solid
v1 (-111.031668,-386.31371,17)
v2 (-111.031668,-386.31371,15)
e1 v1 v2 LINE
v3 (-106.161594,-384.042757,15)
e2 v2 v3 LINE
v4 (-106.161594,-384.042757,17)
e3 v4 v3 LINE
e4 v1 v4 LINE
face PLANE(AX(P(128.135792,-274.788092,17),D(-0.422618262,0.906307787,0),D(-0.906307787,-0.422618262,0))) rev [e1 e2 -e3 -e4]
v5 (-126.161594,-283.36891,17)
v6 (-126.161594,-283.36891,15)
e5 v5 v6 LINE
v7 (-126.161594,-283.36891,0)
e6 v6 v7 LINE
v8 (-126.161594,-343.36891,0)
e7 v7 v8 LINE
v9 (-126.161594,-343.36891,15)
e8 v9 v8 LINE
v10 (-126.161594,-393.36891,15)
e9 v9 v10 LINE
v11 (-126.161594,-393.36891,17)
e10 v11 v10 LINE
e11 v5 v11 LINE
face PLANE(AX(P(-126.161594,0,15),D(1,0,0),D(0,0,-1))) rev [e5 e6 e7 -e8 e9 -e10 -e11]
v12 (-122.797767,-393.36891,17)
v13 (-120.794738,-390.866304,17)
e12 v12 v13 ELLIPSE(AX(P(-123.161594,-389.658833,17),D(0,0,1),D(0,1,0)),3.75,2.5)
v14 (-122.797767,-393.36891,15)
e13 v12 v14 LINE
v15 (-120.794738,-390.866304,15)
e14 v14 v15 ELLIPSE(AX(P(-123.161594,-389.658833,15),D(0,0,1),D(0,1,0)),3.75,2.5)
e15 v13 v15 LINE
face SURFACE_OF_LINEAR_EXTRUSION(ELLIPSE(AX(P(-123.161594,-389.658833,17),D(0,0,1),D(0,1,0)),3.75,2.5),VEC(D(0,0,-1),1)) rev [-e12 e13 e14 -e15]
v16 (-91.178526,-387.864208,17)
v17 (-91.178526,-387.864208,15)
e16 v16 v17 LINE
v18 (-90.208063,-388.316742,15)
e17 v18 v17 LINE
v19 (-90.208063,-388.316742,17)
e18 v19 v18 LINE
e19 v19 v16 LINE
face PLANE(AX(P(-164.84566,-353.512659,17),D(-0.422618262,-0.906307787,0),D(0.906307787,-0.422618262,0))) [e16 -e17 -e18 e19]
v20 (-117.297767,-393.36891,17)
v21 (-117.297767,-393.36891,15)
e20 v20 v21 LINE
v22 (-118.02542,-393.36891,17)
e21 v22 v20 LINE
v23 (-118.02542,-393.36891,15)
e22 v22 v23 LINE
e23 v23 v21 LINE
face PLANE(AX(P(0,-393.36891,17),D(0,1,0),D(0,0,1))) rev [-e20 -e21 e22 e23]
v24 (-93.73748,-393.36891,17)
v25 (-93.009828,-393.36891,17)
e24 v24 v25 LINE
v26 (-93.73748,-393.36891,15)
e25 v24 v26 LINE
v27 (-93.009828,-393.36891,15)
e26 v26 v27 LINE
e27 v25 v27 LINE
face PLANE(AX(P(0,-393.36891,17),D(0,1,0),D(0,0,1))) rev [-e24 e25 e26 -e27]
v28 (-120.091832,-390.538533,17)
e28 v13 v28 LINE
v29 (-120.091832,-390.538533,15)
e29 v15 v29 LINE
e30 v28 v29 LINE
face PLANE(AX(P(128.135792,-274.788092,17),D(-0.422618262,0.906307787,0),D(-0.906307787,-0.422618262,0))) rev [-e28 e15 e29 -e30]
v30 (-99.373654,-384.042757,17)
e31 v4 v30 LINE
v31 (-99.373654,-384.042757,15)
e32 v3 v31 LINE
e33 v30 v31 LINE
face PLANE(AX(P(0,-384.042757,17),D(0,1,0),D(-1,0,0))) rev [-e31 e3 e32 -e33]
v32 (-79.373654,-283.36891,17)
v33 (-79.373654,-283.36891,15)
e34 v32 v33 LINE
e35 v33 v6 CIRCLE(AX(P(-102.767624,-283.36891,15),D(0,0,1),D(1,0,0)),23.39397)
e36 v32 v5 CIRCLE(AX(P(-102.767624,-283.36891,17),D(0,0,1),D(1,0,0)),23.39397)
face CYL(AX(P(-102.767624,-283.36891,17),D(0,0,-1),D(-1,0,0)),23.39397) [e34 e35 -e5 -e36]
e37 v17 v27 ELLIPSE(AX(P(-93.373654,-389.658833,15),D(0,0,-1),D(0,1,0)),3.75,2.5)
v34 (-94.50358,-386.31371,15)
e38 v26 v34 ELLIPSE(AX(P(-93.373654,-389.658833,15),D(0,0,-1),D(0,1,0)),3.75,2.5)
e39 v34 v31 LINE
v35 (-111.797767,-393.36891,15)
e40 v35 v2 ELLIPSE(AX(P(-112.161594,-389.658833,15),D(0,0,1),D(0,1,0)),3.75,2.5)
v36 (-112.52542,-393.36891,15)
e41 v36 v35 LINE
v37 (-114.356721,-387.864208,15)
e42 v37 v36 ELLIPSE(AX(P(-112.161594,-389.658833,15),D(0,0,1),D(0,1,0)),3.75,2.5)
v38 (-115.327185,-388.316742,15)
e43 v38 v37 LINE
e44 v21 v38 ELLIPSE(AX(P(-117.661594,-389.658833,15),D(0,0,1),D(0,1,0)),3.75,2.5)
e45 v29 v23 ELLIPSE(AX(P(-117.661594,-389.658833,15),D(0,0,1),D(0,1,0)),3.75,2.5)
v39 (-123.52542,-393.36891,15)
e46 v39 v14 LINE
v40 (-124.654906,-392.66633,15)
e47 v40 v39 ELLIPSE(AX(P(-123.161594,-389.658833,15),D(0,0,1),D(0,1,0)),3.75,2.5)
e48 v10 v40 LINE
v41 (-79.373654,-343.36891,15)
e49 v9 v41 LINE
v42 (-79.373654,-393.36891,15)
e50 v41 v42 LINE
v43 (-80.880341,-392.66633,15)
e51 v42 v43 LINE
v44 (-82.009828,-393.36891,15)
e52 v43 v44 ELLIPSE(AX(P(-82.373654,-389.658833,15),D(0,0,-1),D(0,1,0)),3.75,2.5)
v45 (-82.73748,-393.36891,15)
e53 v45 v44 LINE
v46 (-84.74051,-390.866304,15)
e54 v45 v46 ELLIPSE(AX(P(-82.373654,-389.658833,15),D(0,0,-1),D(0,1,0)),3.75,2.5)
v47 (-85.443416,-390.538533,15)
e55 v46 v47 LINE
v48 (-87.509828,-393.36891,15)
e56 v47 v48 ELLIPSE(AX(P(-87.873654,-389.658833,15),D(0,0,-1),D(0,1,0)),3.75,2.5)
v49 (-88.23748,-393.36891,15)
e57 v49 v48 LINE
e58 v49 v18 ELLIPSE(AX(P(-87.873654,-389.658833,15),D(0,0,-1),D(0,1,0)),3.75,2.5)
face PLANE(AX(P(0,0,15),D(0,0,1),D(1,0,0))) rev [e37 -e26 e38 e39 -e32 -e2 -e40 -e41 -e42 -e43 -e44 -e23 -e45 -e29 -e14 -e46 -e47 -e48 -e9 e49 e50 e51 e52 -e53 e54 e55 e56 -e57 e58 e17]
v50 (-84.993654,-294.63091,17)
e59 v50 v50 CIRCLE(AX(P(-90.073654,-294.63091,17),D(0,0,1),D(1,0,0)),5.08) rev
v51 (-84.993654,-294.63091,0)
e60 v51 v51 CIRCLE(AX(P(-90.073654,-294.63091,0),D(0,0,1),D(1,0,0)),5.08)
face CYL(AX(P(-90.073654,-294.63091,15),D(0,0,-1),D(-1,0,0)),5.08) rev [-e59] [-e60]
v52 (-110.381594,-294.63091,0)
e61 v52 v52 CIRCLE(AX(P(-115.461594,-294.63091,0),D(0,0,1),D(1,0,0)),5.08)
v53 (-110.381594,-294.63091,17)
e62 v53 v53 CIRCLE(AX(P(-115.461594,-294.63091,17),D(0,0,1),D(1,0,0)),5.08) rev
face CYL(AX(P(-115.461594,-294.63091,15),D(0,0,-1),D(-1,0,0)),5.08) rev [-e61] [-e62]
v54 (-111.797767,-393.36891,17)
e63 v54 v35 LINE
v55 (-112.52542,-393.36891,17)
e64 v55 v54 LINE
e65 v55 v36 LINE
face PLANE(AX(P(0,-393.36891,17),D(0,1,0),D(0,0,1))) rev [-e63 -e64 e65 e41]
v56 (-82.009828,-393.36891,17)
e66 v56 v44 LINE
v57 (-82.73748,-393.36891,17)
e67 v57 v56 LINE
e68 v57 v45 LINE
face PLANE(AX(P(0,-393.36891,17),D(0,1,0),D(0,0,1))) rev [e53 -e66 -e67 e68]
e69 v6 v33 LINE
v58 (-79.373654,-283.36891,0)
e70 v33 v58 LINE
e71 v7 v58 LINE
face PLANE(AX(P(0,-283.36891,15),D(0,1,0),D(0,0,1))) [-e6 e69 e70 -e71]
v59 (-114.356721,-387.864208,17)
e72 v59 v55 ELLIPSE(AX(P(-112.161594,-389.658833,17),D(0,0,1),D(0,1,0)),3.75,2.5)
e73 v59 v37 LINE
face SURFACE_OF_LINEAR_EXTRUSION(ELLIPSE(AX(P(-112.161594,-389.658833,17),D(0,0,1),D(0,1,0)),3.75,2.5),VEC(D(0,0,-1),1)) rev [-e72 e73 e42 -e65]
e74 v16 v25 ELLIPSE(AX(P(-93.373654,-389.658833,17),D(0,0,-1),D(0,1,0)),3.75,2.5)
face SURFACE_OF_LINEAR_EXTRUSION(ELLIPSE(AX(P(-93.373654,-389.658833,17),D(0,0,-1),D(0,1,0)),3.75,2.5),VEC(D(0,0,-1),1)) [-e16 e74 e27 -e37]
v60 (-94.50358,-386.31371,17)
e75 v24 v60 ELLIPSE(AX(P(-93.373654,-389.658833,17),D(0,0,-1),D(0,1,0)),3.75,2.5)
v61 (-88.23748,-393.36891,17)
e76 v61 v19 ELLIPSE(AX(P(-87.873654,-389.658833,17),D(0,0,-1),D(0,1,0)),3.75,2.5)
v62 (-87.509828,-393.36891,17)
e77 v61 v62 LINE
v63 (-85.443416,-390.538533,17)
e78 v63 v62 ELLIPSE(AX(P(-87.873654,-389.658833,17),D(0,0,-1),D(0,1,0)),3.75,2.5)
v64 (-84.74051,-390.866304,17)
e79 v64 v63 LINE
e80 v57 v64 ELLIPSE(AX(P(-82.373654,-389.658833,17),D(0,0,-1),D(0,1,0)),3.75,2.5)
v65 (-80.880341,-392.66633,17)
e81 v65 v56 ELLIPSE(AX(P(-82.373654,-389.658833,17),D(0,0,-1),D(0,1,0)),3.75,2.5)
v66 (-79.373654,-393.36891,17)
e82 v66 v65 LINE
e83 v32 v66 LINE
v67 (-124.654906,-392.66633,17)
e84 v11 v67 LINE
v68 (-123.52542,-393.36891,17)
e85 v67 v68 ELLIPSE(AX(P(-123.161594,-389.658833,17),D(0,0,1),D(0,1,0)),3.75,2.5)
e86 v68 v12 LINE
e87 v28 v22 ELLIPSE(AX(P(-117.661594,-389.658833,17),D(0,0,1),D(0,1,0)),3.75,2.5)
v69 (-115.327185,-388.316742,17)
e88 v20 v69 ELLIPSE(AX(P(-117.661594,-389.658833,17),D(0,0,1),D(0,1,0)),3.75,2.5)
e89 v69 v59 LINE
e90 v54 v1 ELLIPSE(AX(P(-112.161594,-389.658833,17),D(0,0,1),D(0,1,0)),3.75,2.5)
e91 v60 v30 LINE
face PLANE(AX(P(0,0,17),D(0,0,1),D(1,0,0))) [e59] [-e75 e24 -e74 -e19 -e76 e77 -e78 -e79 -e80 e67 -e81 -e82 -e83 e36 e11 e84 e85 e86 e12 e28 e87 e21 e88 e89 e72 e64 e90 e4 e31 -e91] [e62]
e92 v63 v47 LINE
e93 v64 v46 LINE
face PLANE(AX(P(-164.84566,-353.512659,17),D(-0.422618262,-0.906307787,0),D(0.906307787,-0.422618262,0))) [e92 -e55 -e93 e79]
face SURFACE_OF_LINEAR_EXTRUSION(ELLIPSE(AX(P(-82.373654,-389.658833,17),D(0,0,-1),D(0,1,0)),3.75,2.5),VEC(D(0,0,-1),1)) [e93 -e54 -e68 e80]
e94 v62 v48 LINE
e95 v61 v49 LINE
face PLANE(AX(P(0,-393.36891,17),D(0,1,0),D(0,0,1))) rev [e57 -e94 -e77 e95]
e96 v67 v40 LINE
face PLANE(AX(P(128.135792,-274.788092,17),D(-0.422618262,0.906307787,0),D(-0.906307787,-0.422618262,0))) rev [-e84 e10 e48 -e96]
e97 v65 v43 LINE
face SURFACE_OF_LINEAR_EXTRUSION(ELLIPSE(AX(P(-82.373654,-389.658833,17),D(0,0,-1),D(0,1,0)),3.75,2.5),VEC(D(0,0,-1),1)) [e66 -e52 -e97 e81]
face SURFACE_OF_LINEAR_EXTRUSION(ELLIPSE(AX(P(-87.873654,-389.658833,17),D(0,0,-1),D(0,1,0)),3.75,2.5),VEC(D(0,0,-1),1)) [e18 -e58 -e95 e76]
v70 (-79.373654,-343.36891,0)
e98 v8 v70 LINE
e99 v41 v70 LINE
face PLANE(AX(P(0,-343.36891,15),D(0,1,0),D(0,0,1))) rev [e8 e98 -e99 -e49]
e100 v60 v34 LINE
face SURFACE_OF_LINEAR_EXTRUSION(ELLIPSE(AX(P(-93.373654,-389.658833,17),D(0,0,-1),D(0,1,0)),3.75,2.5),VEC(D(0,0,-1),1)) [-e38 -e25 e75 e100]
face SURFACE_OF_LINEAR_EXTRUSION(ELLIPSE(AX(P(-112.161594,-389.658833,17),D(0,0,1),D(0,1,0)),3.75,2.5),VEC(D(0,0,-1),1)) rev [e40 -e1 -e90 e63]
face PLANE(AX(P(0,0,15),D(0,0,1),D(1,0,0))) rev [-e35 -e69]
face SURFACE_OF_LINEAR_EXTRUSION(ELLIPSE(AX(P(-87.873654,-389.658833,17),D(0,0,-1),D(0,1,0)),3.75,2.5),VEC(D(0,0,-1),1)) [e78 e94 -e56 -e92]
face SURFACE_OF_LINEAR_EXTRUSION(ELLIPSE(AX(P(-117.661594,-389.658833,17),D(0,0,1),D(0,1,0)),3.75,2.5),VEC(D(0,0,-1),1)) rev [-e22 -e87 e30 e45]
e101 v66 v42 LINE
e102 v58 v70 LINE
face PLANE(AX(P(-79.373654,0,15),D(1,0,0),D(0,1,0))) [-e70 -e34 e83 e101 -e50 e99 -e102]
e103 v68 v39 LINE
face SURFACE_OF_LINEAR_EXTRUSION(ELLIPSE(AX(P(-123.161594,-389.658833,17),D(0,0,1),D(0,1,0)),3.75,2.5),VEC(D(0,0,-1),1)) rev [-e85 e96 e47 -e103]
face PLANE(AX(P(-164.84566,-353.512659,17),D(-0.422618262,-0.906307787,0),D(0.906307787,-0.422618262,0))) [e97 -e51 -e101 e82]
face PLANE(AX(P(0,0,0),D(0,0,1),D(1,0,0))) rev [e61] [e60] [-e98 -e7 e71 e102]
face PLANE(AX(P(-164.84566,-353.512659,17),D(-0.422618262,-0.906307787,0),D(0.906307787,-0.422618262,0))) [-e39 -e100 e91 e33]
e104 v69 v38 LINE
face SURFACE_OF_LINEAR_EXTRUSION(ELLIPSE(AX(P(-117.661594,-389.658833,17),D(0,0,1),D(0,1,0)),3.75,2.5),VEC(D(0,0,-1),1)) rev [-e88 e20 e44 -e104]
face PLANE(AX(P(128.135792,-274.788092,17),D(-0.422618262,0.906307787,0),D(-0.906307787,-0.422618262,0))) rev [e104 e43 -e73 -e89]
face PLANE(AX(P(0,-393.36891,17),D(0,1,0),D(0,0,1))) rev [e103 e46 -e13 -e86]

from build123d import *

# Parameters (mm, degrees)
SKETCH1_W           = 46.787939469
SKETCH1_H           = 60
SKETCH1_R           = 5.08
BOSS_EXTRUDE1_DEPTH = 15
SKETCH2_W           = 46.787939469
SKETCH2_H           = 60
SKETCH2_R           = 5.08
BOSS_EXTRUDE2_DEPTH = 2


with BuildPart() as part:
    # Sketch1 → Boss-Extrude1 (new body)
    with BuildSketch(Plane.XY):
        with Locations((-102.767623853, -313.368909969)):
            Rectangle(SKETCH1_W, SKETCH1_H)
        with Locations((-90.073654119, -294.630909969)):
            Circle(SKETCH1_R, mode=Mode.SUBTRACT)
        with Locations((-115.461593588, -294.630909969)):
            Circle(SKETCH1_R, mode=Mode.SUBTRACT)
    extrude(amount=BOSS_EXTRUDE1_DEPTH)

    # Sketch2 → Boss-Extrude2 (add)
    with BuildSketch(Plane.XY.offset(15)):
        with BuildLine():
            Line((-79.373654119, -343.368909969), (-102.767623854, -343.368909969))
            Line((-102.767623854, -343.368909969), (-102.767623854, -384.042756806))
            Line((-102.767623854, -384.042756806), (-99.373654119, -384.042756806))
            Line((-99.373654119, -384.042756806), (-94.503579918, -386.313709702))
            add(Edge.make_bspline(
                [(-94.503579918, -386.313709702), (-100.00398624, -390.494082743), (-94.115799531, -393.239789298), (-93.929989905, -393.32643375), (-93.73748043, -393.368909969)],
                knots=[0.468972903, 0.468972903, 0.468972903, 2.84019184, 2.84019184, 3.029420352, 3.029420352, 3.029420352], degree=2, weights=[1, 0.37573231, 1, 0.950182059, 0.908315281]))
            Line((-93.73748043, -393.368909969), (-93.009827808, -393.368909969))
            add(Edge.make_bspline(
                [(-93.009827808, -393.368909969), (-89.462741956, -392.586263836), (-91.178526324, -387.864207656)],
                knots=[3.345008297, 3.345008297, 3.345008297, 5.211410777, 5.211410777, 5.211410777], degree=2, weights=[0.790783298, 0.508634675, 1]))
            Line((-91.178526324, -387.864207656), (-90.208062599, -388.316742323))
            add(Edge.make_bspline(
                [(-90.208062599, -388.316742323), (-91.162547167, -392.052221372), (-88.615799531, -393.239789298), (-88.429989905, -393.32643375), (-88.23748043, -393.368909969)],
                knots=[1.204788076, 1.204788076, 1.204788076, 2.84019184, 2.84019184, 3.008967996, 3.008967996, 3.008967996], degree=2, weights=[1, 0.683899664, 1, 0.967377965, 0.941489216]))
            Line((-88.23748043, -393.368909969), (-87.509827808, -393.368909969))
            add(Edge.make_bspline(
                [(-87.509827808, -393.368909969), (-85.839475159, -393.000355303), (-85.443416113, -390.538533468)],
                knots=[3.304458938, 3.304458938, 3.304458938, 4.475595603, 4.475595603, 4.475595603], degree=2, weights=[0.871477119, 0.773635905, 1]))
            Line((-85.443416113, -390.538533468), (-84.740509949, -390.866303995))
            add(Edge.make_bspline(
                [(-84.740509949, -390.866303995), (-84.248679529, -393.03547171), (-82.73748043, -393.368909969)],
                knots=[1.898629299, 1.898629299, 1.898629299, 2.984182814, 2.984182814, 2.984182814], degree=2, weights=[1, 0.762799808, 0.799074283]))
            Line((-82.73748043, -393.368909969), (-82.009827808, -393.368909969))
            add(Edge.make_bspline(
                [(-82.009827808, -393.368909969), (-81.386018968, -393.231269777), (-80.880341234, -392.666330229)],
                knots=[3.261132643, 3.261132643, 3.261132643, 3.781754381, 3.781754381, 3.781754381], degree=2, weights=[0.83538307, 0.886240914, 1]))
            Line((-80.880341234, -392.666330229), (-79.373654119, -393.368909969))
            Line((-79.373654119, -393.368909969), (-79.373654119, -343.368909969))
        make_face()
        with BuildLine():
            Line((-126.161593588, -343.368909969), (-126.161593588, -393.368909969))
            Line((-126.161593588, -393.368909969), (-124.654906474, -392.666330229))
            add(Edge.make_bspline(
                [(-124.654906474, -392.666330229), (-124.14922874, -393.231269777), (-123.525419899, -393.368909969)],
                knots=[2.501430927, 2.501430927, 2.501430927, 3.022052664, 3.022052664, 3.022052664], degree=2, weights=[1, 0.886240914, 0.83538307]))
            Line((-123.525419899, -393.368909969), (-122.797767278, -393.368909969))
            add(Edge.make_bspline(
                [(-122.797767278, -393.368909969), (-121.286568178, -393.03547171), (-120.794737759, -390.866303995)],
                knots=[3.299002493, 3.299002493, 3.299002493, 4.384556008, 4.384556008, 4.384556008], degree=2, weights=[0.799074283, 0.762799808, 1]))
            Line((-120.794737759, -390.866303995), (-120.091831594, -390.538533468))
            add(Edge.make_bspline(
                [(-120.091831594, -390.538533468), (-119.695772548, -393.000355303), (-118.025419899, -393.368909969)],
                knots=[1.807589704, 1.807589704, 1.807589704, 2.97872637, 2.97872637, 2.97872637], degree=2, weights=[1, 0.773635905, 0.871477119]))
            Line((-118.025419899, -393.368909969), (-117.297767278, -393.368909969))
            add(Edge.make_bspline(
                [(-117.297767278, -393.368909969), (-117.105257803, -393.32643375), (-116.919448176, -393.239789298), (-114.37270054, -392.052221372), (-115.327185108, -388.316742323)],
                knots=[3.274217312, 3.274217312, 3.274217312, 3.442993467, 3.442993467, 5.078397231, 5.078397231, 5.078397231], degree=2, weights=[0.941489216, 0.967377965, 1, 0.683899664, 1]))
            Line((-115.327185108, -388.316742323), (-114.356721383, -387.864207656))
            add(Edge.make_bspline(
                [(-114.356721383, -387.864207656), (-116.072505751, -392.586263836), (-112.525419899, -393.368909969)],
                knots=[1.071774531, 1.071774531, 1.071774531, 2.93817701, 2.93817701, 2.93817701], degree=2, weights=[1, 0.508634675, 0.790783298]))
            Line((-112.525419899, -393.368909969), (-111.797767278, -393.368909969))
            add(Edge.make_bspline(
                [(-111.797767278, -393.368909969), (-111.605257803, -393.32643375), (-111.419448176, -393.239789298), (-105.531261468, -390.494082743), (-111.031667789, -386.313709702)],
                knots=[3.253764955, 3.253764955, 3.253764955, 3.442993467, 3.442993467, 5.814212404, 5.814212404, 5.814212404], degree=2, weights=[0.908315281, 0.950182059, 1, 0.37573231, 1]))
            Line((-111.031667789, -386.313709702), (-106.161593588, -384.042756806))
            Line((-106.161593588, -384.042756806), (-102.767623854, -384.042756806))
            Line((-102.767623854, -384.042756806), (-102.767623854, -343.368909969))
            Line((-102.767623854, -343.368909969), (-126.161593588, -343.368909969))
        make_face()
        with Locations((-102.767623853, -313.368909969)):
            Rectangle(SKETCH2_W, SKETCH2_H)
        with Locations((-115.461593588, -294.630909969)):
            Circle(SKETCH2_R, mode=Mode.SUBTRACT)
        with Locations((-90.073654119, -294.630909969)):
            Circle(SKETCH2_R, mode=Mode.SUBTRACT)
        with BuildLine():
            ThreePointArc((-79.373654119, -283.368909969), (-102.767623854, -259.974940234), (-126.161593588, -283.368909969))
            Line((-126.161593588, -283.368909969), (-79.373654119, -283.368909969))
        make_face()
    extrude(amount=BOSS_EXTRUDE2_DEPTH)


solid = part.part
